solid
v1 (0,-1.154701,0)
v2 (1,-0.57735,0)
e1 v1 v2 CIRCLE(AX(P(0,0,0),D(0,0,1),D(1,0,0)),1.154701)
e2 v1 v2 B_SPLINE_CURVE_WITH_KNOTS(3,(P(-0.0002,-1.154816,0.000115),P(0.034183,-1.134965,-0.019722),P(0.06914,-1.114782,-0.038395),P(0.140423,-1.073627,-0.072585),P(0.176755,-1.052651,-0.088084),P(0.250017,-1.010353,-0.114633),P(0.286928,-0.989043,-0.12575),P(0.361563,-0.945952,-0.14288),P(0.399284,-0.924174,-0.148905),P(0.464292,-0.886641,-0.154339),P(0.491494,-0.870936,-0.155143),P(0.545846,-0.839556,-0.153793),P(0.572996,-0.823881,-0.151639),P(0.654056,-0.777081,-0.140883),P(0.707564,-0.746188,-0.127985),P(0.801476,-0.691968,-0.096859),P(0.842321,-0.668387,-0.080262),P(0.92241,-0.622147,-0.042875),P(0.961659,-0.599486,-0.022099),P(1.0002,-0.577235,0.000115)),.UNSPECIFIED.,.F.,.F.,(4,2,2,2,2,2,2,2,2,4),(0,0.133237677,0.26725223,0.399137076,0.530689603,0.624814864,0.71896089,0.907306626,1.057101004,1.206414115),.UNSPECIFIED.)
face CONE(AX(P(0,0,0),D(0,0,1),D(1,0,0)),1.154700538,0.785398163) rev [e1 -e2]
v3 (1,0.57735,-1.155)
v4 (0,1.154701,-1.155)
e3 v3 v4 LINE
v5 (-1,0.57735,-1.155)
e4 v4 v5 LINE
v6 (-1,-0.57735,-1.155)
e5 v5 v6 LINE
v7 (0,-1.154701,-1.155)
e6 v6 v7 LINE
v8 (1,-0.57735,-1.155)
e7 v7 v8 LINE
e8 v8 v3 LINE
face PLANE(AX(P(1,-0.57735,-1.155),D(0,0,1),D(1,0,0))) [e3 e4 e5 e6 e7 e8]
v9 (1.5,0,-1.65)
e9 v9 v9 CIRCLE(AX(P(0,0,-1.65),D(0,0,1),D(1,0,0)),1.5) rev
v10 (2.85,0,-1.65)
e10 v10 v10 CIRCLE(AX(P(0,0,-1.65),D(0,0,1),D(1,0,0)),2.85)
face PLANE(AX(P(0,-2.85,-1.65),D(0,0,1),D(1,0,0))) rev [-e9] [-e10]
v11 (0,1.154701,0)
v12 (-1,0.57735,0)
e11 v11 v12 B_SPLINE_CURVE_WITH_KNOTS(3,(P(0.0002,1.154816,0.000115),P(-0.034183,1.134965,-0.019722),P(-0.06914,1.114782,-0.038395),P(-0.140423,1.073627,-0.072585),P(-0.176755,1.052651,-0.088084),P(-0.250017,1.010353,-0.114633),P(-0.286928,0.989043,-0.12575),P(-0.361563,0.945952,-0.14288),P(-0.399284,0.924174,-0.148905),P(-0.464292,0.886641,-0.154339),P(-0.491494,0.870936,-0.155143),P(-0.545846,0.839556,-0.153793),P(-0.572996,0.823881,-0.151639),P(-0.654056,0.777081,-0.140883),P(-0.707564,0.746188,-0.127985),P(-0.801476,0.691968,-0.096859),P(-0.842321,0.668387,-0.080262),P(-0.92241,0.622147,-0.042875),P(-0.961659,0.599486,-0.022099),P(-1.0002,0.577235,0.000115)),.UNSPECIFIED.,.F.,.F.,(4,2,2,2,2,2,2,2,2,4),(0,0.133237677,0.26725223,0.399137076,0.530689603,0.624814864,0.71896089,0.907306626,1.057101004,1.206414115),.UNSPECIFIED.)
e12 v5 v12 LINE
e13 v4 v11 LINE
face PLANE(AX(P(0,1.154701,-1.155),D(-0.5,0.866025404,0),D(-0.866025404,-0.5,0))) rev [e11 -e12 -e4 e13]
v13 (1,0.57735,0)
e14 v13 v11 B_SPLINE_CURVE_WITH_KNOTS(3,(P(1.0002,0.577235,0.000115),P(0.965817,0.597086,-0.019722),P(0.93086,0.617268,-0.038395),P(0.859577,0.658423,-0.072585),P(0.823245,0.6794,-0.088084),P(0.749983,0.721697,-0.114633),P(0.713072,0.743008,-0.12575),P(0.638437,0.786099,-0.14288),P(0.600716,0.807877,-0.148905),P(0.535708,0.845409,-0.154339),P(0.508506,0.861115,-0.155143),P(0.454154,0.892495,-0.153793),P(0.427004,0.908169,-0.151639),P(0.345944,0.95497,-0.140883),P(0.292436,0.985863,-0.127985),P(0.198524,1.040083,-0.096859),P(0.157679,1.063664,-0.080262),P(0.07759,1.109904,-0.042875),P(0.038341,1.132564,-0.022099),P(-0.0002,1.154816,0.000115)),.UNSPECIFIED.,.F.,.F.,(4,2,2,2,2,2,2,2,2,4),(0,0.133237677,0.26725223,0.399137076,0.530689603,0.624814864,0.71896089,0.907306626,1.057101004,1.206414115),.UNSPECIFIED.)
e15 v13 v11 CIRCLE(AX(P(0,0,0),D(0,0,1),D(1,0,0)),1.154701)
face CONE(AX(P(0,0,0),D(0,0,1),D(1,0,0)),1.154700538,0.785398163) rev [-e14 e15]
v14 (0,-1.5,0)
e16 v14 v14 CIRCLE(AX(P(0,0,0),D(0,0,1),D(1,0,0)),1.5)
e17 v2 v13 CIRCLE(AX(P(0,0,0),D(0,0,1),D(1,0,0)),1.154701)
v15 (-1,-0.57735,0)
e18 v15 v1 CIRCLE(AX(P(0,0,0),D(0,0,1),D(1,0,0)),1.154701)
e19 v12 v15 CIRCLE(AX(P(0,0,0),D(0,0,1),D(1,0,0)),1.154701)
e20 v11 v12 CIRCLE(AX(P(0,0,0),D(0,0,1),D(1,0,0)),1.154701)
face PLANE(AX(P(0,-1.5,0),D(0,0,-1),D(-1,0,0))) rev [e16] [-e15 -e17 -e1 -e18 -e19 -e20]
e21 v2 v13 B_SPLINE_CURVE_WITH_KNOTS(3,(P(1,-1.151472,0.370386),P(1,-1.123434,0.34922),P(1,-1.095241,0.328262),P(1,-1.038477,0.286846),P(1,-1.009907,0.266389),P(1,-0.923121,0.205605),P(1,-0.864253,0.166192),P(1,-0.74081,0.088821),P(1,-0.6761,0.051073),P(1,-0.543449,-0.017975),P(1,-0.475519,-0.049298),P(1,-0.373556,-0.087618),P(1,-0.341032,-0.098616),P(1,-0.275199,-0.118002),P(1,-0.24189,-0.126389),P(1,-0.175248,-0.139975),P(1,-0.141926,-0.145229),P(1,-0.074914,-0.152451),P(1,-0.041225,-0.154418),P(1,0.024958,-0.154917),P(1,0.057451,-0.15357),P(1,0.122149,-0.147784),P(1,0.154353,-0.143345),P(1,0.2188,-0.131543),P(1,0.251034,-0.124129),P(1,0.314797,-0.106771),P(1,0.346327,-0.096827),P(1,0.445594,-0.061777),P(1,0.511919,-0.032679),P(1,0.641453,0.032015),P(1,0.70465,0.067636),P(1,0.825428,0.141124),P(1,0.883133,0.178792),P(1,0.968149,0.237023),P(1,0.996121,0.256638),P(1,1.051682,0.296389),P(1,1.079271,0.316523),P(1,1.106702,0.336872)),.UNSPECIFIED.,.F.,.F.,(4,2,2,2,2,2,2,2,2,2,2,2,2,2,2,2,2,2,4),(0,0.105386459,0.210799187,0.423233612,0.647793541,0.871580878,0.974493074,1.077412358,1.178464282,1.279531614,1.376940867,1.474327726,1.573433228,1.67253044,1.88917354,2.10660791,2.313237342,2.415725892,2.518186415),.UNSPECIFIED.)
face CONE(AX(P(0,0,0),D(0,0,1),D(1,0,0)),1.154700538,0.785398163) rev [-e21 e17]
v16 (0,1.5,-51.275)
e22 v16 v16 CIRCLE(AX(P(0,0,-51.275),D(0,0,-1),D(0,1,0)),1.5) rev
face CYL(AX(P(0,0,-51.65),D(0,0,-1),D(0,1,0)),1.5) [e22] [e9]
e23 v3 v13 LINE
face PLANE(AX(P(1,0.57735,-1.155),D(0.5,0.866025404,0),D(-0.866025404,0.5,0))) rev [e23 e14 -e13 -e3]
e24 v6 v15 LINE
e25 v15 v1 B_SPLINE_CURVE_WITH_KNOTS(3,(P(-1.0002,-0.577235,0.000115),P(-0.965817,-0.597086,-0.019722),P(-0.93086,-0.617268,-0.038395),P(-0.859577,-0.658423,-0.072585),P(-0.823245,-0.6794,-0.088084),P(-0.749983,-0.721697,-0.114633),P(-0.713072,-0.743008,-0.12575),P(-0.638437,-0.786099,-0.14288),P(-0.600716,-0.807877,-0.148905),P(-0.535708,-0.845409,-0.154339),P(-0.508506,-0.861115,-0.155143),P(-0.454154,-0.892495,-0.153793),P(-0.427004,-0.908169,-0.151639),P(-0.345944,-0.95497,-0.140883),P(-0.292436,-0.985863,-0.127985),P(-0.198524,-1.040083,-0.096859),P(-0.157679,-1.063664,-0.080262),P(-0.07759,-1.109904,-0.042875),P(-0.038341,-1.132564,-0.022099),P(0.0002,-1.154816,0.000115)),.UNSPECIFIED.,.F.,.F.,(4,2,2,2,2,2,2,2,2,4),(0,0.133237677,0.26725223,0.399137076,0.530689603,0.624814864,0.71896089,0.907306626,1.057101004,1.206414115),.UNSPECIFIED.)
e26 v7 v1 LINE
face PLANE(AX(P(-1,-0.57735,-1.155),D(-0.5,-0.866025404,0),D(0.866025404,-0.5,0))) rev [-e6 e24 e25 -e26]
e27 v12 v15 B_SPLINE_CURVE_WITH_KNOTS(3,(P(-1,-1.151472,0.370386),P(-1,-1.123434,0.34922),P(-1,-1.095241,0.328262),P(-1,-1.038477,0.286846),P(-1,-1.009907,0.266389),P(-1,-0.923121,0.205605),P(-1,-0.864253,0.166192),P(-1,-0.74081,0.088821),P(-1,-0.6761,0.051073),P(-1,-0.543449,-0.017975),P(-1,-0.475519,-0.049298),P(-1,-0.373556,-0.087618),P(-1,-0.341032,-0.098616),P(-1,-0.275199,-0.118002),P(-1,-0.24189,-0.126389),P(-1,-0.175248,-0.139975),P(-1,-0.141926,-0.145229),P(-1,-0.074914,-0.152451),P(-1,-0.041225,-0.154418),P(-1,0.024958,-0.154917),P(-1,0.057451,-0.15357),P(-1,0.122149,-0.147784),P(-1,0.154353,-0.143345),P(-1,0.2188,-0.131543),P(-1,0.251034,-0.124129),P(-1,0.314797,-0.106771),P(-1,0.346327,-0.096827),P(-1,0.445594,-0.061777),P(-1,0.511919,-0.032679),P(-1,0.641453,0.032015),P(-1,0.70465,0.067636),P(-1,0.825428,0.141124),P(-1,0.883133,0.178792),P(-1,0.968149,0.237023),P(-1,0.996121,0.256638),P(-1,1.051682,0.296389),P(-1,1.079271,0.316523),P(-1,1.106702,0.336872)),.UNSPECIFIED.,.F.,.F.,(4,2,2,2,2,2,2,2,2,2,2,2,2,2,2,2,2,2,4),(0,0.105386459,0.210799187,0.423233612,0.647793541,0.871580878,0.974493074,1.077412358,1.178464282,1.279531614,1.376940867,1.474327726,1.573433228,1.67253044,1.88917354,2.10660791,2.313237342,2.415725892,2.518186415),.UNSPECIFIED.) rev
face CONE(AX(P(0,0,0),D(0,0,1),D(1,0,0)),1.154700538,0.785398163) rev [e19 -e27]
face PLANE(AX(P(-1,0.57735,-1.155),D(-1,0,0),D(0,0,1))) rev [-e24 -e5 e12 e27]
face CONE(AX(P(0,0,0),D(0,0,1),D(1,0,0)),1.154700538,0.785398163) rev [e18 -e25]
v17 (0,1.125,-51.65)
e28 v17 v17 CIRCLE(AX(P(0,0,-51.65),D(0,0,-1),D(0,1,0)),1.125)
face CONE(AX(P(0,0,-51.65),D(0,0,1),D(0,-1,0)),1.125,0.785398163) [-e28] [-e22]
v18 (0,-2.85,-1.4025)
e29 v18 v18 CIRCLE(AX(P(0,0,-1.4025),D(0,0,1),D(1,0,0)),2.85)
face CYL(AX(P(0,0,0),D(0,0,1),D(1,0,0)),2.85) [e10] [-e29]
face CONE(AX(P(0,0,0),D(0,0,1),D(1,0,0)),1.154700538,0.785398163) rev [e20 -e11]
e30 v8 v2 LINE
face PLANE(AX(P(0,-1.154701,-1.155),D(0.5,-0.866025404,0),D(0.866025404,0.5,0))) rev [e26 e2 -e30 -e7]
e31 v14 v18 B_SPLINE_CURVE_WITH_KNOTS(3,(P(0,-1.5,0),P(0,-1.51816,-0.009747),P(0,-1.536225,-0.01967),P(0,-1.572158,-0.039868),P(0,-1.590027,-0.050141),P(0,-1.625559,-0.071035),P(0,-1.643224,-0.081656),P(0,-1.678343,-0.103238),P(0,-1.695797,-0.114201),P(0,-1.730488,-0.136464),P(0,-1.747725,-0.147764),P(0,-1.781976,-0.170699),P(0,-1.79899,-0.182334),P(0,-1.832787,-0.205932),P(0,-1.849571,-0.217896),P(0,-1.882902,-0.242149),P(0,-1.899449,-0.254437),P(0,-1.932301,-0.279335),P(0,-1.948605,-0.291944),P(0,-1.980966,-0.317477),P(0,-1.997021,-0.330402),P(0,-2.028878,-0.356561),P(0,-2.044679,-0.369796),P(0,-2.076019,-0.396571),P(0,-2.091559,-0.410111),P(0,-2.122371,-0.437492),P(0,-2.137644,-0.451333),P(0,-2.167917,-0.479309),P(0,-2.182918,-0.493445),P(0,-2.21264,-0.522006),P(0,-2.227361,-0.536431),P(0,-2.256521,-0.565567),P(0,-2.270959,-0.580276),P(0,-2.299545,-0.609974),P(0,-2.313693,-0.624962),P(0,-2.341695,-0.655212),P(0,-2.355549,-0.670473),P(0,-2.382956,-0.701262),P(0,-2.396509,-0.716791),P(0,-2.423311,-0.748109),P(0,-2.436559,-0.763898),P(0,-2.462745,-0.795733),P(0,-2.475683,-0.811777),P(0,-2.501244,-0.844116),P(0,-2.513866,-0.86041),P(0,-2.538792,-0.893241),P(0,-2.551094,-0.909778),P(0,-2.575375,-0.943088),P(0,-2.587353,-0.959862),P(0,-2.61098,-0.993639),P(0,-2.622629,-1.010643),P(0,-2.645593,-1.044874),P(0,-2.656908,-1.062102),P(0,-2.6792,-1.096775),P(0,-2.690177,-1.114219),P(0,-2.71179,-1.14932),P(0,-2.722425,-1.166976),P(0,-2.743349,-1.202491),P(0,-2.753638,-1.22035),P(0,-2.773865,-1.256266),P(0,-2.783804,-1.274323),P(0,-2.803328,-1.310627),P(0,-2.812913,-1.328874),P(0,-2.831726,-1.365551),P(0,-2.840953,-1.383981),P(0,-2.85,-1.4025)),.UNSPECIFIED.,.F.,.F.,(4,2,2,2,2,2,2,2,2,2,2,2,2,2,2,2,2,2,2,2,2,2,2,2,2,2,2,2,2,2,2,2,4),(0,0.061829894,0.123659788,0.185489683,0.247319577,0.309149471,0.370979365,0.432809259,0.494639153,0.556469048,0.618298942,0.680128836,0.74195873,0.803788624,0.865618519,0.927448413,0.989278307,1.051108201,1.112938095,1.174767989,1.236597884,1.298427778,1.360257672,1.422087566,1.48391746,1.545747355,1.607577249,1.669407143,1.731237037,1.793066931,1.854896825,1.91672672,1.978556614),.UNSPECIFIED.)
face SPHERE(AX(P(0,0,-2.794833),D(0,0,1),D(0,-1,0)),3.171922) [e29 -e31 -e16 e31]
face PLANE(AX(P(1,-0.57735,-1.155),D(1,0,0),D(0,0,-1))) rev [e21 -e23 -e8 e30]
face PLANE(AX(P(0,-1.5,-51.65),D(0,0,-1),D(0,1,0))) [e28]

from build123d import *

# Parameters (mm, degrees)
SKETCH1_W          = 50
SKETCH1_H          = 1.5
CHAMFER1_SIZE      = 0.375
CUT_EXTRUDE2_DEPTH = 1.155


with BuildPart() as part:
    # Sketch1 → Revolve1 (revolve)
    with BuildSketch(Plane(origin=(0, 0, 0), x_dir=(0, 0, -1), z_dir=(1, 0, 0))):
        with Locations((26.65, 0.75)):
            Rectangle(SKETCH1_W, SKETCH1_H)
    revolve(axis=Axis((0, 0, -51.65), (0, 0, 1)))

    # Chamfer1
    chamfer1_edges = [part.edges().sort_by_distance(p)[0] for p in [
        (0, -1.5, -51.65),
    ]]
    chamfer(chamfer1_edges, length=CHAMFER1_SIZE)

    # Sketch7 → Revolve2 (revolve)
    with BuildSketch(Plane(origin=(0, 0, 0), x_dir=(0, 0, -1), z_dir=(1, 0, 0))):
        with BuildLine():
            Line((1.4025, 2.85), (1.65, 2.85))
            Line((1.65, 2.85), (1.65, 0))
            Line((1.65, 0), (0, 0))
            Line((0, 0), (0, 1.5))
            ThreePointArc((0, 1.5), (0.59512511, 2.285251969), (1.4025, 2.85))
        make_face()
    revolve(axis=Axis((0, 0, 0), (0, 0, -1)))

    # Sketch5 → Cut-Extrude2 (cut)
    with BuildSketch(Plane.XY):
        Polygon((1, -0.577350269), (1, 0.577350269), (0, 1.154700538), (-1, 0.577350269), (-1, -0.577350269), (0, -1.154700538), align=None)
    extrude(amount=-CUT_EXTRUDE2_DEPTH, mode=Mode.SUBTRACT)

    # Cut-Extrude3 cone 1 section (through the dimple's axis) → Cut-Extrude3 (revolve, cut)
    with BuildSketch(Plane(origin=(0, 0, 0), x_dir=(0, -1, 0), z_dir=(1, 0, 0))):
        Polygon((0, 0), (1.154700538, 0), (0, 1.154700538), align=None)
    revolve(axis=Axis((0, 0, 0), (0, 0, -1)), mode=Mode.SUBTRACT)


solid = part.part
